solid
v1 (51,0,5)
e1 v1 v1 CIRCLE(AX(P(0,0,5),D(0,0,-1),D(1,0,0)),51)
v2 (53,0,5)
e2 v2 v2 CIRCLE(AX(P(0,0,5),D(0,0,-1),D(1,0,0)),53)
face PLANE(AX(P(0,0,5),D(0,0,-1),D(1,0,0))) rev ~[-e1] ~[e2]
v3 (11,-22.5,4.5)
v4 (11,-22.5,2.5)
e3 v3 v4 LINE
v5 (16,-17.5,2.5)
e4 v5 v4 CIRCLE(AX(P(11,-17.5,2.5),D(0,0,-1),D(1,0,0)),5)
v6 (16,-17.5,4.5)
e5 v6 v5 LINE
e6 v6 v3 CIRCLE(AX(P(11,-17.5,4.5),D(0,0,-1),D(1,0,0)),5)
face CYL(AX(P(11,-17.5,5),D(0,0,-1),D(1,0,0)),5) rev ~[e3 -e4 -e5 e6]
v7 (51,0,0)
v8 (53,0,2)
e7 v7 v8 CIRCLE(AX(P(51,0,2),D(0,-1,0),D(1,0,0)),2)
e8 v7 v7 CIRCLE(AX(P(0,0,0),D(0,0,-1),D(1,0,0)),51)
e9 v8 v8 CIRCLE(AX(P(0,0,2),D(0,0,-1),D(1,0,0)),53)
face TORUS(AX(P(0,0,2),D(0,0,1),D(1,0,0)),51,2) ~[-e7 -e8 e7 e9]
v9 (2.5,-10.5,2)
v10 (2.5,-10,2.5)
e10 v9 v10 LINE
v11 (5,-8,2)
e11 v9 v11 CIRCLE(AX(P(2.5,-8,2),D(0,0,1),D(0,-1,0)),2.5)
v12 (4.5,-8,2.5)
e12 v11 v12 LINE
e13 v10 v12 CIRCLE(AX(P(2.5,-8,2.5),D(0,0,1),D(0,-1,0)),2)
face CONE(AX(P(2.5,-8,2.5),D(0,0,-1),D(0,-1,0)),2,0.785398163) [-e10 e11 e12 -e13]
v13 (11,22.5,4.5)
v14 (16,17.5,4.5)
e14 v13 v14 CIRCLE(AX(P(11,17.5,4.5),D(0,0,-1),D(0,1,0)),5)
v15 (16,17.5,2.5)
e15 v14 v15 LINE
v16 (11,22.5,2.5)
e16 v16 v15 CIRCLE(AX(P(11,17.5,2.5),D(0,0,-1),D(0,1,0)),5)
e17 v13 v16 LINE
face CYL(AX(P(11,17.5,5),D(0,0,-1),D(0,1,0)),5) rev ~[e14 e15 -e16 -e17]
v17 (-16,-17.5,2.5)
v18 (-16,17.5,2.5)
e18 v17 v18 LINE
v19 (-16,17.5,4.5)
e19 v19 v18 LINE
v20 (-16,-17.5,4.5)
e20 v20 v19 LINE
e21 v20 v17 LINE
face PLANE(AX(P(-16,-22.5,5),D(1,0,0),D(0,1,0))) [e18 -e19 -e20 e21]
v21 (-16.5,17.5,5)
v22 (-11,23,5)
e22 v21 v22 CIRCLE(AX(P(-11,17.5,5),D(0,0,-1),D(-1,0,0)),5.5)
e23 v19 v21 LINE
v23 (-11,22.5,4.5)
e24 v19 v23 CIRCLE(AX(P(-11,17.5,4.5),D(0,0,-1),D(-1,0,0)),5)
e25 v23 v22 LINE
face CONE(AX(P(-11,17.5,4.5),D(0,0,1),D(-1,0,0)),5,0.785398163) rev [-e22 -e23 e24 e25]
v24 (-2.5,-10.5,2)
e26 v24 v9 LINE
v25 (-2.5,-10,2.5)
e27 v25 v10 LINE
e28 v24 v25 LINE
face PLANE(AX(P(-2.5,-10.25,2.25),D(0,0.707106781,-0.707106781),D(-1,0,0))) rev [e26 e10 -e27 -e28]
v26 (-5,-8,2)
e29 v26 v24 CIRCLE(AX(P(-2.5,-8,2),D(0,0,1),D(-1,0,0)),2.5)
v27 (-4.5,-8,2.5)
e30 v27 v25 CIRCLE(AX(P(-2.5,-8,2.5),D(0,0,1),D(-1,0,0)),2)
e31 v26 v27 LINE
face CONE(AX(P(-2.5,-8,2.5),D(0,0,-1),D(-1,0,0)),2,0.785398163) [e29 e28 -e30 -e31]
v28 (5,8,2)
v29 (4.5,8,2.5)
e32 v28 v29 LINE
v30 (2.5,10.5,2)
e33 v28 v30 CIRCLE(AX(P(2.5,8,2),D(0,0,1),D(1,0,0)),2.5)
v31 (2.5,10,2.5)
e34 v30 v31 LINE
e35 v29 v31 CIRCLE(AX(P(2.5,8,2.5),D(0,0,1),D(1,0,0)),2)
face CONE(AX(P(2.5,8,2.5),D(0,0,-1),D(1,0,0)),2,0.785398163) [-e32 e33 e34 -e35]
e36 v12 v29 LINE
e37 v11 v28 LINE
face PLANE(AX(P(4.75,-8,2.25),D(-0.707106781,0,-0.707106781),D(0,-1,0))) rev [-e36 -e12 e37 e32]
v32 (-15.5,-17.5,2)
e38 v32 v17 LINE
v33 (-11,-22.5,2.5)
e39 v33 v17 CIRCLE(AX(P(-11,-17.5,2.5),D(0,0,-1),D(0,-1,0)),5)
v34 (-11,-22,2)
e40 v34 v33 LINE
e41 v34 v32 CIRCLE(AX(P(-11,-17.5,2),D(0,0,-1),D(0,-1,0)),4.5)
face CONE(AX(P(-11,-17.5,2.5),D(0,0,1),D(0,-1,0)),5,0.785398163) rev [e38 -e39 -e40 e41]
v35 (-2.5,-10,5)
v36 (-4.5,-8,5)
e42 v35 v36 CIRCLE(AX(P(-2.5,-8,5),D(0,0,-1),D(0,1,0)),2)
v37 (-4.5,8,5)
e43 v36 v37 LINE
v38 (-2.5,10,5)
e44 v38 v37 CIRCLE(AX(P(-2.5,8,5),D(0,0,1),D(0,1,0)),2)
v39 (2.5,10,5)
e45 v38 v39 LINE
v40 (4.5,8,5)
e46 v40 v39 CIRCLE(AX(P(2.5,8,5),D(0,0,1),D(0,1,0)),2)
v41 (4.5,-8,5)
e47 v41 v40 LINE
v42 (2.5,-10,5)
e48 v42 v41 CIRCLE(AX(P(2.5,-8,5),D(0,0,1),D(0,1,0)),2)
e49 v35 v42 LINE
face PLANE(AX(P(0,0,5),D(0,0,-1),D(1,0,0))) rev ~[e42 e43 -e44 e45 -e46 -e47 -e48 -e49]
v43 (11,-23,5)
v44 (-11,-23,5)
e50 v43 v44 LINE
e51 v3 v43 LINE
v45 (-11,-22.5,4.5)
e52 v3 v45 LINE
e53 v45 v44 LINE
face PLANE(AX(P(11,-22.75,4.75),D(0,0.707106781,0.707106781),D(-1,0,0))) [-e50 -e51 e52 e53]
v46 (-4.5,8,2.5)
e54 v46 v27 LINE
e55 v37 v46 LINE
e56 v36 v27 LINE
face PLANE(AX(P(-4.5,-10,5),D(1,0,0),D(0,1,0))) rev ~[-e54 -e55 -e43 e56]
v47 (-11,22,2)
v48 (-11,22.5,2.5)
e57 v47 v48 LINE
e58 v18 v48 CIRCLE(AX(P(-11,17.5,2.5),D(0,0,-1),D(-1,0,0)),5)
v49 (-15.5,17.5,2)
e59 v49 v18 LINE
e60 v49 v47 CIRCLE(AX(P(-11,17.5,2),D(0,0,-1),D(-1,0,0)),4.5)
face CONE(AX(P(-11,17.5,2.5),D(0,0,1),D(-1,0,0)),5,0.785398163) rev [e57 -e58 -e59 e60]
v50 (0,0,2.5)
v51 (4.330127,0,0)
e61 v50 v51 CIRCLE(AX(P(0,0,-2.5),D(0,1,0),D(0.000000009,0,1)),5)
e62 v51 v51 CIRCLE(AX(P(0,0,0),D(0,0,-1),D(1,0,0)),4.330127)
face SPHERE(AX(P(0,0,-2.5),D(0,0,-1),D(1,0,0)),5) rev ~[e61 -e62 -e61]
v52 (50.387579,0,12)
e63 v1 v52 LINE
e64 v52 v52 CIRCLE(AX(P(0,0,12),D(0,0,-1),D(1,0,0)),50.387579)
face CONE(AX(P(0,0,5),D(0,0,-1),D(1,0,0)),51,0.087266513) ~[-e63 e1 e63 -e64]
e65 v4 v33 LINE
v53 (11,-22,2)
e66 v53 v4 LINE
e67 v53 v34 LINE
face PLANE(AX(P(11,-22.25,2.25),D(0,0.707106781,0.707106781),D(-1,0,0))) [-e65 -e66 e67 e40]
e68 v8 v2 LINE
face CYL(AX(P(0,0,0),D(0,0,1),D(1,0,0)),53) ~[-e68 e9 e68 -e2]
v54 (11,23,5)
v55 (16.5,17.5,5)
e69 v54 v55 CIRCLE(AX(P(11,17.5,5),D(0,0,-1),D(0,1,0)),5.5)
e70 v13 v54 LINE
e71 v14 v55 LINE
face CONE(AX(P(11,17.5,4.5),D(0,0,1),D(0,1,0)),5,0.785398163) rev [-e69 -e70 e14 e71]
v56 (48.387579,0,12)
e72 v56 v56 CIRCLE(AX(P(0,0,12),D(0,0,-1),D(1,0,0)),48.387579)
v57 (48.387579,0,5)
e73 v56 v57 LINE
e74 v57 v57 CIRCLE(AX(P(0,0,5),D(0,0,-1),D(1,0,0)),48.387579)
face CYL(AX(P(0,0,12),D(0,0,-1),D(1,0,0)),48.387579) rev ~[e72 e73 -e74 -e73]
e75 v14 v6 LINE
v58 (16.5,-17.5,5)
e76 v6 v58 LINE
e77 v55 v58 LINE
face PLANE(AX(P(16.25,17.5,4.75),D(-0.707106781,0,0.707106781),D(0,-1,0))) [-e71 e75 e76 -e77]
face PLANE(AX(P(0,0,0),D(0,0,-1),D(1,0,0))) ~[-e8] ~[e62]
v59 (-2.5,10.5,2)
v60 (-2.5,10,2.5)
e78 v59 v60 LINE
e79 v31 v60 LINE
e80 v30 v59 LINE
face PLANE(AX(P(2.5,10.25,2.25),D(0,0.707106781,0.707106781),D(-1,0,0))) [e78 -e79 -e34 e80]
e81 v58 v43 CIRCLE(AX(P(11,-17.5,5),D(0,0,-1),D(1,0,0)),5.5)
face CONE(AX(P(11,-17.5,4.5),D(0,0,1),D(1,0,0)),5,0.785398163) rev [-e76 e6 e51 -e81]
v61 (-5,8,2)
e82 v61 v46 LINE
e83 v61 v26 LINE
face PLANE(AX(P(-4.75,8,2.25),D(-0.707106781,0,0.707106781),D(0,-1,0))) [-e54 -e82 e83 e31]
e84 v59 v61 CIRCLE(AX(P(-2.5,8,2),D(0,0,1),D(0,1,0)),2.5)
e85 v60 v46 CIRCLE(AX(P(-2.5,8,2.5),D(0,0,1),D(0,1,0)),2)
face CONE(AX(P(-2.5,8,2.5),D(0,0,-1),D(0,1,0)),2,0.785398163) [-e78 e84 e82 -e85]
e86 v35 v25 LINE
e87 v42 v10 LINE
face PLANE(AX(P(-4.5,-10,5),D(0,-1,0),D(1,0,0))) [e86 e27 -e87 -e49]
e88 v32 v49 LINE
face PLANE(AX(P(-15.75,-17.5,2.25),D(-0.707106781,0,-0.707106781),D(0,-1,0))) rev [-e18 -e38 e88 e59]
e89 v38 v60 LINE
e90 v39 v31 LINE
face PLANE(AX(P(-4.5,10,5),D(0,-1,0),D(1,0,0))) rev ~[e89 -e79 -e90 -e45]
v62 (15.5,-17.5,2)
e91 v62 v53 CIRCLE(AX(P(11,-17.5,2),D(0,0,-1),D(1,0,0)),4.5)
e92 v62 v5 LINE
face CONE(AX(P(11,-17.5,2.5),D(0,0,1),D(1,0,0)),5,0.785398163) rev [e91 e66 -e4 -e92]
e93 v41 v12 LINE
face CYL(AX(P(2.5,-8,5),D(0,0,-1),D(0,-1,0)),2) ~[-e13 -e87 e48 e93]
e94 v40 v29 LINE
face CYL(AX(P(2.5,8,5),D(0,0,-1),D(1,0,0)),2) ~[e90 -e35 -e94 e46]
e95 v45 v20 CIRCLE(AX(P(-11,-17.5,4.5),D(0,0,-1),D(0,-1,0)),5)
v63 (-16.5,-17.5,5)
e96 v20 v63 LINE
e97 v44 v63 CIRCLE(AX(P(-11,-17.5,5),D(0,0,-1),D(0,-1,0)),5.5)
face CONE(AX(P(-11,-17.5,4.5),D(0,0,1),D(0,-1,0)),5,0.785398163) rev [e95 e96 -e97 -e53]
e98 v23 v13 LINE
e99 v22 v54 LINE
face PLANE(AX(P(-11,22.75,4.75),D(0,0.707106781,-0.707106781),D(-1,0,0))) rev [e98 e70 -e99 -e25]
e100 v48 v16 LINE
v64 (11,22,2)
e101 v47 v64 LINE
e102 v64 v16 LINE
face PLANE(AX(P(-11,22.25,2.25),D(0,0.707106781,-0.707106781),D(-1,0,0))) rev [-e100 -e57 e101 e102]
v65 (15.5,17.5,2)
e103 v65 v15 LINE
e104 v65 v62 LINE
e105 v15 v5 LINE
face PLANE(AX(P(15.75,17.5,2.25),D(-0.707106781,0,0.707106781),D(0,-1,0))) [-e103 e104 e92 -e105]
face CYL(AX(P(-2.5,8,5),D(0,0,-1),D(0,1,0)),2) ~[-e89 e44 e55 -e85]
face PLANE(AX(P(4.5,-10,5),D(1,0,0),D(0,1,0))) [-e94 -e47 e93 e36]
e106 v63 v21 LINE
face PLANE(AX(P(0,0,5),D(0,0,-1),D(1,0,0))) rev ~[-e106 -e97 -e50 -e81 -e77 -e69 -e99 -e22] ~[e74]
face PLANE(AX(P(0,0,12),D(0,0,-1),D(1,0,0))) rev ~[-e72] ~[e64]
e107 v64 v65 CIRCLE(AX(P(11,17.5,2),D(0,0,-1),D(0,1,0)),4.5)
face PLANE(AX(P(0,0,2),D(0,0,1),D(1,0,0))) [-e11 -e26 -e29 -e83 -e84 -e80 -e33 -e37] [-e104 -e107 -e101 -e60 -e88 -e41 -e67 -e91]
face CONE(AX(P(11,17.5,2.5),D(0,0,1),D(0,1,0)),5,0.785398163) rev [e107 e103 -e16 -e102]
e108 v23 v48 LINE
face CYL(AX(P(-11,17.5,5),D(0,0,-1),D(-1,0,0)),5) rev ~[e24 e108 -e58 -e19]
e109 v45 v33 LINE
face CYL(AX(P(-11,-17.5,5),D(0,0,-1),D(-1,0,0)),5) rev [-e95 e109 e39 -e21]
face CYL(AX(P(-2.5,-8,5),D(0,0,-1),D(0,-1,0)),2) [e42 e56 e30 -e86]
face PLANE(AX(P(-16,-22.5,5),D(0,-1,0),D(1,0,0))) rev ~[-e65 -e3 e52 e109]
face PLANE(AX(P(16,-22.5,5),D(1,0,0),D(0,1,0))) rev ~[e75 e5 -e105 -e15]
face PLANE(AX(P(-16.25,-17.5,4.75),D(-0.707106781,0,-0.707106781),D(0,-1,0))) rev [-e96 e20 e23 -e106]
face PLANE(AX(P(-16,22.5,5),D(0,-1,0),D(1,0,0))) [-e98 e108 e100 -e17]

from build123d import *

# Parameters (mm, degrees)
F2_R     = 2
F3_W     = 32
F3_H     = 45
F3_W_2   = 9
F3_H_2   = 20
F4_DEPTH = 3
F5_R     = 5
F6_R     = 2
F7_SIZE  = 0.5


with BuildPart() as f1:
    # F0 (on Front) → F1 (revolve)
    with BuildSketch(Plane.XZ):
        with BuildLine():
            ThreePointArc((0, 2.5), (2.5, 1.830127), (4.330127, 0))
            Line((4.330127, 0), (53, 0))
            Line((53, 0), (53, 5))
            Line((53, 5), (51, 5))
            Line((51, 5), (50.387579, 12))
            Line((50.387579, 12), (48.387579, 12))
            Line((48.387579, 12), (48.387579, 5))
            Line((48.387579, 5), (0, 5))
            Line((0, 5), (0, 2.5))
        make_face()
    revolve(axis=Axis((0, 0, 3.75), (0, 0, -1)))

    # F2
    f2_edges = [f1.edges().sort_by_distance(p)[0] for p in [
        (-53, 0, 0),
    ]]
    fillet(f2_edges, radius=F2_R)

    # F3 (on face) → F4 (cut)
    with BuildSketch(Plane.XY.offset(5)):
        Rectangle(F3_W, F3_H)
        Rectangle(F3_W_2, F3_H_2, mode=Mode.SUBTRACT)
    extrude(amount=-F4_DEPTH, mode=Mode.SUBTRACT)

    # F5
    f5_edges = [f1.edges().sort_by_distance(p)[0] for p in [
        (-16, 22.5, 3.5),
        (16, 22.5, 3.5),
        (16, -22.5, 3.5),
        (-16, -22.5, 3.5),
    ]]
    fillet(f5_edges, radius=F5_R)

    # F6
    f6_edges = [f1.edges().sort_by_distance(p)[0] for p in [
        (-4.5, 10, 3.5),
        (4.5, 10, 3.5),
        (4.5, -10, 3.5),
        (-4.5, -10, 3.5),
    ]]
    fillet(f6_edges, radius=F6_R)

    # F7
    f7_edges = [f1.edges().sort_by_distance(p)[0] for p in [
        (4.5, 0, 2),
        (0, 22.5, 2),
        (0, 22.5, 5),
    ]]
    chamfer(f7_edges, length=F7_SIZE)


solid = f1.part
